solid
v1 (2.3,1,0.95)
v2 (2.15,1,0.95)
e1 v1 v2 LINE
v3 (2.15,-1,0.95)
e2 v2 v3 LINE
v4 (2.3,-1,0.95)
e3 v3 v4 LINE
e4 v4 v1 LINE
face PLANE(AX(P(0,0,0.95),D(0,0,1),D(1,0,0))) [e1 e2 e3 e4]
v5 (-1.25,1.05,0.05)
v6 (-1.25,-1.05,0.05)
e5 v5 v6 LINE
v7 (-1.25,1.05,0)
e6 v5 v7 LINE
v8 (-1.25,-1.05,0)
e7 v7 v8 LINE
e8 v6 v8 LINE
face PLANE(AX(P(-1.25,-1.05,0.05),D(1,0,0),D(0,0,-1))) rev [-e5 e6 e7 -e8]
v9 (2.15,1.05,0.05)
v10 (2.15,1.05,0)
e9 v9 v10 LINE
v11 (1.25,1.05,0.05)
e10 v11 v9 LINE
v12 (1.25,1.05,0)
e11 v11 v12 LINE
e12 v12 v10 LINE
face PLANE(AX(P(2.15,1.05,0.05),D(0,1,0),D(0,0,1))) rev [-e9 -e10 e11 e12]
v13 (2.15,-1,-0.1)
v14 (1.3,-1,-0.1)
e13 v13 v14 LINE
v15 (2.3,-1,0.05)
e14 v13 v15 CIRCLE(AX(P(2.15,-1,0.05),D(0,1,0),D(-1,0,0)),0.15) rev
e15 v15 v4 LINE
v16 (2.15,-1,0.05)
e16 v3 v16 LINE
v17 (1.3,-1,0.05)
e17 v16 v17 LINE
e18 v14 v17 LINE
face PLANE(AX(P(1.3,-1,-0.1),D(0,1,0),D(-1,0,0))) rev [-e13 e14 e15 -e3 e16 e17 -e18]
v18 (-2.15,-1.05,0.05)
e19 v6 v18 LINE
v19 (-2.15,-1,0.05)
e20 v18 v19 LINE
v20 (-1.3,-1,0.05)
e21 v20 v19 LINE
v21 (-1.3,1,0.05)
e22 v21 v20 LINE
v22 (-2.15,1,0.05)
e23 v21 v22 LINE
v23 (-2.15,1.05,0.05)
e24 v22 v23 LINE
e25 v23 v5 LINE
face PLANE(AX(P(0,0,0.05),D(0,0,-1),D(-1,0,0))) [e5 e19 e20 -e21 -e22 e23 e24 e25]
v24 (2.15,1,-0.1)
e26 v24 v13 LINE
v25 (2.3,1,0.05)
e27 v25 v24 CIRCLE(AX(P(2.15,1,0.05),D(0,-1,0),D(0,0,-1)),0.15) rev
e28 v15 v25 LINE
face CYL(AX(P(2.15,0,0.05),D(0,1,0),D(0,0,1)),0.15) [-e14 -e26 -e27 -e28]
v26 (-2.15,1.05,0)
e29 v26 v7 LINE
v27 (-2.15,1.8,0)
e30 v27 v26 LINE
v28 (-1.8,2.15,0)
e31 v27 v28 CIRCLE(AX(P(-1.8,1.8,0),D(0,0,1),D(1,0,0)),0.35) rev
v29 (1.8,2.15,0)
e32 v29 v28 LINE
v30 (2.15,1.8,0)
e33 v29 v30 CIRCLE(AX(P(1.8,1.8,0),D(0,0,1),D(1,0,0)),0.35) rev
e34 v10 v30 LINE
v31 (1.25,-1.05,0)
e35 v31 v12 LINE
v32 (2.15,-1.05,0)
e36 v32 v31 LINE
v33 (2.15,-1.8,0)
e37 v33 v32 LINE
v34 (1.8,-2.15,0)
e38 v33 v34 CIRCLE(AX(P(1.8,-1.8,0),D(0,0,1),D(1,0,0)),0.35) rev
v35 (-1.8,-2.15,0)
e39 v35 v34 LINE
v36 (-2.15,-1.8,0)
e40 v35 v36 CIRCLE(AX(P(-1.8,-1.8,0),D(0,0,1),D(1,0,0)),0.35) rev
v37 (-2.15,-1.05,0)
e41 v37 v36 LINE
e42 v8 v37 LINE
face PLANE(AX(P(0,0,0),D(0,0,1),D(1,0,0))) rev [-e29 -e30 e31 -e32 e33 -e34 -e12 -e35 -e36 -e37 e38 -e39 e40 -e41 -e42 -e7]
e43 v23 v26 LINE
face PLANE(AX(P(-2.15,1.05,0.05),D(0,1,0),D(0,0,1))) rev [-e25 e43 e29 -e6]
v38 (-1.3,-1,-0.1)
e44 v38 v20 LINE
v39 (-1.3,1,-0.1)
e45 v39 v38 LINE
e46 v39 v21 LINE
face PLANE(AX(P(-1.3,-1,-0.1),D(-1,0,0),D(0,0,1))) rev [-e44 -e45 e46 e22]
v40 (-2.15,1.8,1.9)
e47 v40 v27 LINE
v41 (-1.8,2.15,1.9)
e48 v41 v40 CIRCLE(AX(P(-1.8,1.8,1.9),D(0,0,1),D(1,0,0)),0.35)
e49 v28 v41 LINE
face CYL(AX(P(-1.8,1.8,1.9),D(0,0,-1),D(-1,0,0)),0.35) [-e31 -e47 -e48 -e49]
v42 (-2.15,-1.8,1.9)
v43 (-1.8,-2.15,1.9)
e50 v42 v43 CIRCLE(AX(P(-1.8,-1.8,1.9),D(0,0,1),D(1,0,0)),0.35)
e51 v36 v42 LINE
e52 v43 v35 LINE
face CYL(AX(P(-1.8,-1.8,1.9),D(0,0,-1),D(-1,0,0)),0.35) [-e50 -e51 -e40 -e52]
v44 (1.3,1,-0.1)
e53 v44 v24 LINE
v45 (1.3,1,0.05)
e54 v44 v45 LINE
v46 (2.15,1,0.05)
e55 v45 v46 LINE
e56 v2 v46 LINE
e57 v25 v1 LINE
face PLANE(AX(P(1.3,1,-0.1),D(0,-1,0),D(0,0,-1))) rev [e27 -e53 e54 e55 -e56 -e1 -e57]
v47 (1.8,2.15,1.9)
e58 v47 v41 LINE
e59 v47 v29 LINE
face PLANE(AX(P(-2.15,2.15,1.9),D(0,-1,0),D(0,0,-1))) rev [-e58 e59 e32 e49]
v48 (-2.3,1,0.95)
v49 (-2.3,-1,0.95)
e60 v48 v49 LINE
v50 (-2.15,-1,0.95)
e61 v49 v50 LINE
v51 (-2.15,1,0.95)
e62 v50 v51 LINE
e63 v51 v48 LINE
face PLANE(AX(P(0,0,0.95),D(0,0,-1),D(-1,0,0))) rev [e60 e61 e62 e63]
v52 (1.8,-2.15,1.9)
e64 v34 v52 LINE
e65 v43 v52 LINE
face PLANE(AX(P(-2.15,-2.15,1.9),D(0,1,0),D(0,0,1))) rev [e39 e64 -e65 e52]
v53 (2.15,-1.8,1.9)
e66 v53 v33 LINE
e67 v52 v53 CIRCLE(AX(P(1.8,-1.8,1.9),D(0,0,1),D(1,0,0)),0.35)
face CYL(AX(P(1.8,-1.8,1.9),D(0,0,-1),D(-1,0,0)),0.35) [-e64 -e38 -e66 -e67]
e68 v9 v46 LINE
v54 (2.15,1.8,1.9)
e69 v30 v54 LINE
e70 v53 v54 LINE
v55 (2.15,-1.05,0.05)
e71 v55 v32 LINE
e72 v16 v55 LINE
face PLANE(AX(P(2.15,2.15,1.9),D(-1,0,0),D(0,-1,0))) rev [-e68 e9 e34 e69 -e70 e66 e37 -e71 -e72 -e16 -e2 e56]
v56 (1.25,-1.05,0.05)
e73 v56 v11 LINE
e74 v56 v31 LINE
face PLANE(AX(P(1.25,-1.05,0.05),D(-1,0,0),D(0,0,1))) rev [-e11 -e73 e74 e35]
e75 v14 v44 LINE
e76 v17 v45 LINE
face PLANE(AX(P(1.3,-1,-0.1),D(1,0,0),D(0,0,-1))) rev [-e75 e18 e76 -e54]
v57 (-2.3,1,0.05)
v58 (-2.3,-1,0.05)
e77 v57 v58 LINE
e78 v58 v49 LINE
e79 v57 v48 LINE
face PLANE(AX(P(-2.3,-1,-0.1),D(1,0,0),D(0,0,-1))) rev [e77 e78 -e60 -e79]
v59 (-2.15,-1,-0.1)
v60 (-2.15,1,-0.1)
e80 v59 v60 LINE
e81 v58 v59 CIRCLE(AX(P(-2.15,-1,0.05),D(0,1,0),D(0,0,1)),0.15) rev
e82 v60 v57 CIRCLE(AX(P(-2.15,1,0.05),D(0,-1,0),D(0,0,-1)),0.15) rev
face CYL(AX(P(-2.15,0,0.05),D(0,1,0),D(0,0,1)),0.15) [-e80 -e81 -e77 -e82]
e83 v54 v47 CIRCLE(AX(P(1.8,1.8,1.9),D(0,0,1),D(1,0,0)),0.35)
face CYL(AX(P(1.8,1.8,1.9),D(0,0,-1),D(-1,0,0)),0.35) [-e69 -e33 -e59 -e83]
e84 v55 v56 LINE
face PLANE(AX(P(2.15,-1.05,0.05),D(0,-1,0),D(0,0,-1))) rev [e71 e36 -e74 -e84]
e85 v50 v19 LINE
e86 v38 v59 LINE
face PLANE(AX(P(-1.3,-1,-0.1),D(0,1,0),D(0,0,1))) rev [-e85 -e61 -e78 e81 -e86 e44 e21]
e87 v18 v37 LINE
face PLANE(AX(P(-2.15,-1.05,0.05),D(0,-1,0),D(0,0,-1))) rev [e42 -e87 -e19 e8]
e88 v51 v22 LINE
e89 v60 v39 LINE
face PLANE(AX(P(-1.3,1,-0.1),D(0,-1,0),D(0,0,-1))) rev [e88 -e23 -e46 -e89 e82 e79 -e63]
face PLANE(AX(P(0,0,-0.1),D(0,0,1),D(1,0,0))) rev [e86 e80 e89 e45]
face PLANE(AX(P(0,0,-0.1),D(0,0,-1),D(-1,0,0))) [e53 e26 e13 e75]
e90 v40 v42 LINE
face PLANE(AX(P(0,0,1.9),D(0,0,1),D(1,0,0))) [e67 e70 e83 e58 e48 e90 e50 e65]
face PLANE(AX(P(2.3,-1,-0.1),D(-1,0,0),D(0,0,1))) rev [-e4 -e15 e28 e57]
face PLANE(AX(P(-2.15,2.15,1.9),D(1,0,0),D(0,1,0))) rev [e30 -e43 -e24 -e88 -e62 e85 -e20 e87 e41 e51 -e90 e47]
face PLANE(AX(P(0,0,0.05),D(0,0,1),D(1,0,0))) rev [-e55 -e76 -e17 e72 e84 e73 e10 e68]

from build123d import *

# Parameters (mm, degrees)
SKETCH1_W           = 4.3
SKETCH1_H           = 4.3
BOSS_EXTRUDE1_DEPTH = 1.9
FILLET1_R           = 0.35
SKETCH2_W           = 0.9
SKETCH2_H           = 2.1
CUT_EXTRUDE1_DEPTH  = 0.05
SKETCH3_W           = 1
SKETCH3_H           = 2
BOSS_EXTRUDE2_DEPTH = 0.15
SKETCH4_W           = 0.15
SKETCH4_H           = 2
BOSS_EXTRUDE3_DEPTH = 0.9
FILLET2_R           = 0.15


with BuildPart() as part:
    # Sketch1 → Boss-Extrude1 (new body)
    with BuildSketch(Plane.XY):
        Rectangle(SKETCH1_W, SKETCH1_H)
    extrude(amount=BOSS_EXTRUDE1_DEPTH)

    # Fillet1
    fillet1_edges = [part.edges().sort_by_distance(p)[0] for p in [
        (2.15, -2.15, 0.95),
        (-2.15, -2.15, 0.95),
        (-2.15, 2.15, 0.95),
        (2.15, 2.15, 0.95),
    ]]
    fillet(fillet1_edges, radius=FILLET1_R)

    # Sketch2 → Cut-Extrude1 (cut)
    with BuildSketch(Plane(origin=(0, 0, 0), x_dir=(-1, 0, 0), z_dir=(0, 0, -1))):
        with Locations((1.7, 0)):
            Rectangle(SKETCH2_W, SKETCH2_H)
        with Locations((-1.7, 0)):
            Rectangle(SKETCH2_W, SKETCH2_H)
    extrude(amount=-CUT_EXTRUDE1_DEPTH, mode=Mode.SUBTRACT)

    # Sketch3 → Boss-Extrude2 (add)
    with BuildSketch(Plane(origin=(0, 0, 0.05), x_dir=(-1, 0, 0), z_dir=(0, 0, -1))):
        with Locations((1.8, 0)):
            Rectangle(SKETCH3_W, SKETCH3_H)
        with Locations((-1.8, 0)):
            Rectangle(SKETCH3_W, SKETCH3_H)
    extrude(amount=BOSS_EXTRUDE2_DEPTH)

    # Sketch4 → Boss-Extrude3 (add)
    with BuildSketch(Plane.XY.offset(0.05)):
        with Locations((-2.225, 0)):
            Rectangle(SKETCH4_W, SKETCH4_H)
        with Locations((2.225, 0)):
            Rectangle(SKETCH4_W, SKETCH4_H)
    extrude(amount=BOSS_EXTRUDE3_DEPTH)

    # Fillet2
    fillet2_edges = [part.edges().sort_by_distance(p)[0] for p in [
        (-2.3, 0, -0.1),
        (2.3, 0, -0.1),
    ]]
    fillet(fillet2_edges, radius=FILLET2_R)


solid = part.part
